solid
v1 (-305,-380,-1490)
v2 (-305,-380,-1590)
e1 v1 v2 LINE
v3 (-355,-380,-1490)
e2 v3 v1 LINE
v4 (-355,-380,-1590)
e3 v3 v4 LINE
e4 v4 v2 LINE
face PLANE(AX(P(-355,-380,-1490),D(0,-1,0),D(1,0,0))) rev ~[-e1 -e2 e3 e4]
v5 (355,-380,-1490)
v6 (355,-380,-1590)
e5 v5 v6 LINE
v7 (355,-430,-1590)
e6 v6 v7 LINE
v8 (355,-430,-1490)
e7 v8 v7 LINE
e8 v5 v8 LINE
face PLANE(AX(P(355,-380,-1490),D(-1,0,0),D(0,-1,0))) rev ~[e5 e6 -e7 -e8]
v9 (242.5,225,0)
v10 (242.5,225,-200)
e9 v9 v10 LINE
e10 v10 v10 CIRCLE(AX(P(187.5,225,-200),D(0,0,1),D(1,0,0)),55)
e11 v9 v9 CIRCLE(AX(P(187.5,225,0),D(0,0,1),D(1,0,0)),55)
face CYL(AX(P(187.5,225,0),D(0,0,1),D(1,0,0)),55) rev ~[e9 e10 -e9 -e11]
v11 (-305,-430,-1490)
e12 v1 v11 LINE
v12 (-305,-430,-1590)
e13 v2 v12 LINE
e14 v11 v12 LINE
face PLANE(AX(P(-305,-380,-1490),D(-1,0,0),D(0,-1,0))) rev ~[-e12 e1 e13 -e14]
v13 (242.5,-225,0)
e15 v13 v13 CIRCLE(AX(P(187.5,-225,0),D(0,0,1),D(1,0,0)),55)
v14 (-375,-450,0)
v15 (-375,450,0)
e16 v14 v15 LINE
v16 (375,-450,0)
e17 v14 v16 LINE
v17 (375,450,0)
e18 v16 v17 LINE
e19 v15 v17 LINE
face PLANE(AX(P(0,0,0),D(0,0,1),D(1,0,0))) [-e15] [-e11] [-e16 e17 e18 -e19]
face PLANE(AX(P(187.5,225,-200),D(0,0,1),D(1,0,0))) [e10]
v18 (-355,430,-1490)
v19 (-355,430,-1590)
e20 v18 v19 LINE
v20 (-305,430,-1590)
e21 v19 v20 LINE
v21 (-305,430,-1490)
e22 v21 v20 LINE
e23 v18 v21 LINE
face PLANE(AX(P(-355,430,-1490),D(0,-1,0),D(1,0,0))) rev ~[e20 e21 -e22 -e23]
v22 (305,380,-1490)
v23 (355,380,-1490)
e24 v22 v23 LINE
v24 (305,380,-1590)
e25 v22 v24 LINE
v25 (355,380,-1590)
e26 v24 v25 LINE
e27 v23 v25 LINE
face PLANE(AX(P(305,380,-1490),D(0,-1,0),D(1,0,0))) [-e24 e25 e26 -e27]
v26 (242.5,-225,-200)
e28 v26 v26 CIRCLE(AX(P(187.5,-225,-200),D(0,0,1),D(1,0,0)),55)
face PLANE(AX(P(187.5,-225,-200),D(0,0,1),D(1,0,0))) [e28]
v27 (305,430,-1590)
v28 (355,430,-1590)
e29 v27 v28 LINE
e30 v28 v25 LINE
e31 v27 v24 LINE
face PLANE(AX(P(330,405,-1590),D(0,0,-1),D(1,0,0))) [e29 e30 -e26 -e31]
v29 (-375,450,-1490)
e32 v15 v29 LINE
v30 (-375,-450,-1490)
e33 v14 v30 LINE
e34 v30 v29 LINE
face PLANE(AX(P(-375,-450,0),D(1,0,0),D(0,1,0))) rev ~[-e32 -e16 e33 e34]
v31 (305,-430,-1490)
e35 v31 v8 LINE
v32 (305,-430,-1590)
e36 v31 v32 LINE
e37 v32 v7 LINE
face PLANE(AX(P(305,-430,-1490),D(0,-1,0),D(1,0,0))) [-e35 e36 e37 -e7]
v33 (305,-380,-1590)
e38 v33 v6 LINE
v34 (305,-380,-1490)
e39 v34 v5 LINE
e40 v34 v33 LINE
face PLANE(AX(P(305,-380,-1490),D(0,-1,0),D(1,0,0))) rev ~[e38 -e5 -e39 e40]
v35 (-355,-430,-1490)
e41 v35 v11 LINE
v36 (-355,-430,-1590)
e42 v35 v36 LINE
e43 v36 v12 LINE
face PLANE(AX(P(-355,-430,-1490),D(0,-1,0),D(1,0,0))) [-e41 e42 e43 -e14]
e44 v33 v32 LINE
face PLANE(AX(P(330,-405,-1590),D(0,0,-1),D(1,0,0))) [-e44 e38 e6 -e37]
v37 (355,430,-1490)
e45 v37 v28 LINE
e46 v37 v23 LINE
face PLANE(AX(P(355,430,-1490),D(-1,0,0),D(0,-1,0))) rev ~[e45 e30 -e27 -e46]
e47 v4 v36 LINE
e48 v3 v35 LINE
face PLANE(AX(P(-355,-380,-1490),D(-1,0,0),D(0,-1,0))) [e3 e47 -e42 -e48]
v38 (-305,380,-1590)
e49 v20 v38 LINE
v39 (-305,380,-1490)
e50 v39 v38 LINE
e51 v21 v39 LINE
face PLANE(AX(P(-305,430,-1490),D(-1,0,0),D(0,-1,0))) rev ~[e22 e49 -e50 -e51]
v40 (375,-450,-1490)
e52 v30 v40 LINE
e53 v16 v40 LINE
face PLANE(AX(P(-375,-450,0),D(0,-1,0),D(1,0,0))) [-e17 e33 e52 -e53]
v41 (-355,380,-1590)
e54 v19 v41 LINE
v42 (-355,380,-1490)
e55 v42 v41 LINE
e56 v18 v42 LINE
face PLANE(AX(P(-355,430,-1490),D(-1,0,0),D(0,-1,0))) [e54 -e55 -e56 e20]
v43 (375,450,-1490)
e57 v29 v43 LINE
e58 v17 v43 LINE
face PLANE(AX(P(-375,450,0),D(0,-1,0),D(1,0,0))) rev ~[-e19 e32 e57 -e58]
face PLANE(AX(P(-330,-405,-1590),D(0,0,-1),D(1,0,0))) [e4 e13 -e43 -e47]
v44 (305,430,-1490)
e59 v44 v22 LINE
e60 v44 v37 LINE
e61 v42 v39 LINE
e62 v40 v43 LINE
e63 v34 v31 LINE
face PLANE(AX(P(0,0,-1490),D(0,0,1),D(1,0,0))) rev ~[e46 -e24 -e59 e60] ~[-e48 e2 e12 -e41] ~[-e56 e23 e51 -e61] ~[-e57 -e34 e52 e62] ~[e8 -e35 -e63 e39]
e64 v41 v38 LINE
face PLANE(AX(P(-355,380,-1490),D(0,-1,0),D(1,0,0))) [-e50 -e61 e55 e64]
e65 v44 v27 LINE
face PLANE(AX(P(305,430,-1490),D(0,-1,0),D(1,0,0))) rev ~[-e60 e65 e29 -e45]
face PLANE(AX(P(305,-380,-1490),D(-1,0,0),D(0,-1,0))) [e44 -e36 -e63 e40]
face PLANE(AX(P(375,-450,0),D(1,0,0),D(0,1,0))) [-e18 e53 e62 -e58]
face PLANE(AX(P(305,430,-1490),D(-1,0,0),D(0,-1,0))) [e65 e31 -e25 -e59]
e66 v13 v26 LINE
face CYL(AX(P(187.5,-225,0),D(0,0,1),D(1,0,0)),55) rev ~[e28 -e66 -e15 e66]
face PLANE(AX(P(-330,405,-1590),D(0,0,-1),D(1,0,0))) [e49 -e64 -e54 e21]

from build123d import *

# Parameters (mm, degrees)
F0_W     = 750
F0_H     = 900
F1_DEPTH = 1490
F2_W     = 50
F2_H     = 50
F3_DEPTH = 100
F4_R     = 55
F5_DEPTH = 200


with BuildPart() as f1:
    # F0 (on Top) → F1 (new body)
    with BuildSketch(Plane.XY):
        Rectangle(F0_W, F0_H)
    extrude(amount=-F1_DEPTH)

    # F2 (on face) → F3 (join)
    with BuildSketch(Plane(origin=(0, 0, -1490), x_dir=(1, 0, 0), z_dir=(0, 0, -1))):
        with Locations((-330, 405)):
            Rectangle(F2_W, F2_H)
        with Locations((330, 405)):
            Rectangle(F2_W, F2_H)
        with Locations((-330, -405)):
            Rectangle(F2_W, F2_H)
        with Locations((330, -405)):
            Rectangle(F2_W, F2_H)
    extrude(amount=F3_DEPTH)

    # F4 (on face) → F5 (cut)
    with BuildSketch(Plane.XY):
        with Locations((187.5, 225)):
            Circle(F4_R)
        with Locations((187.5, -225)):
            Circle(F4_R)
    extrude(amount=-F5_DEPTH, mode=Mode.SUBTRACT)


solid = f1.part
